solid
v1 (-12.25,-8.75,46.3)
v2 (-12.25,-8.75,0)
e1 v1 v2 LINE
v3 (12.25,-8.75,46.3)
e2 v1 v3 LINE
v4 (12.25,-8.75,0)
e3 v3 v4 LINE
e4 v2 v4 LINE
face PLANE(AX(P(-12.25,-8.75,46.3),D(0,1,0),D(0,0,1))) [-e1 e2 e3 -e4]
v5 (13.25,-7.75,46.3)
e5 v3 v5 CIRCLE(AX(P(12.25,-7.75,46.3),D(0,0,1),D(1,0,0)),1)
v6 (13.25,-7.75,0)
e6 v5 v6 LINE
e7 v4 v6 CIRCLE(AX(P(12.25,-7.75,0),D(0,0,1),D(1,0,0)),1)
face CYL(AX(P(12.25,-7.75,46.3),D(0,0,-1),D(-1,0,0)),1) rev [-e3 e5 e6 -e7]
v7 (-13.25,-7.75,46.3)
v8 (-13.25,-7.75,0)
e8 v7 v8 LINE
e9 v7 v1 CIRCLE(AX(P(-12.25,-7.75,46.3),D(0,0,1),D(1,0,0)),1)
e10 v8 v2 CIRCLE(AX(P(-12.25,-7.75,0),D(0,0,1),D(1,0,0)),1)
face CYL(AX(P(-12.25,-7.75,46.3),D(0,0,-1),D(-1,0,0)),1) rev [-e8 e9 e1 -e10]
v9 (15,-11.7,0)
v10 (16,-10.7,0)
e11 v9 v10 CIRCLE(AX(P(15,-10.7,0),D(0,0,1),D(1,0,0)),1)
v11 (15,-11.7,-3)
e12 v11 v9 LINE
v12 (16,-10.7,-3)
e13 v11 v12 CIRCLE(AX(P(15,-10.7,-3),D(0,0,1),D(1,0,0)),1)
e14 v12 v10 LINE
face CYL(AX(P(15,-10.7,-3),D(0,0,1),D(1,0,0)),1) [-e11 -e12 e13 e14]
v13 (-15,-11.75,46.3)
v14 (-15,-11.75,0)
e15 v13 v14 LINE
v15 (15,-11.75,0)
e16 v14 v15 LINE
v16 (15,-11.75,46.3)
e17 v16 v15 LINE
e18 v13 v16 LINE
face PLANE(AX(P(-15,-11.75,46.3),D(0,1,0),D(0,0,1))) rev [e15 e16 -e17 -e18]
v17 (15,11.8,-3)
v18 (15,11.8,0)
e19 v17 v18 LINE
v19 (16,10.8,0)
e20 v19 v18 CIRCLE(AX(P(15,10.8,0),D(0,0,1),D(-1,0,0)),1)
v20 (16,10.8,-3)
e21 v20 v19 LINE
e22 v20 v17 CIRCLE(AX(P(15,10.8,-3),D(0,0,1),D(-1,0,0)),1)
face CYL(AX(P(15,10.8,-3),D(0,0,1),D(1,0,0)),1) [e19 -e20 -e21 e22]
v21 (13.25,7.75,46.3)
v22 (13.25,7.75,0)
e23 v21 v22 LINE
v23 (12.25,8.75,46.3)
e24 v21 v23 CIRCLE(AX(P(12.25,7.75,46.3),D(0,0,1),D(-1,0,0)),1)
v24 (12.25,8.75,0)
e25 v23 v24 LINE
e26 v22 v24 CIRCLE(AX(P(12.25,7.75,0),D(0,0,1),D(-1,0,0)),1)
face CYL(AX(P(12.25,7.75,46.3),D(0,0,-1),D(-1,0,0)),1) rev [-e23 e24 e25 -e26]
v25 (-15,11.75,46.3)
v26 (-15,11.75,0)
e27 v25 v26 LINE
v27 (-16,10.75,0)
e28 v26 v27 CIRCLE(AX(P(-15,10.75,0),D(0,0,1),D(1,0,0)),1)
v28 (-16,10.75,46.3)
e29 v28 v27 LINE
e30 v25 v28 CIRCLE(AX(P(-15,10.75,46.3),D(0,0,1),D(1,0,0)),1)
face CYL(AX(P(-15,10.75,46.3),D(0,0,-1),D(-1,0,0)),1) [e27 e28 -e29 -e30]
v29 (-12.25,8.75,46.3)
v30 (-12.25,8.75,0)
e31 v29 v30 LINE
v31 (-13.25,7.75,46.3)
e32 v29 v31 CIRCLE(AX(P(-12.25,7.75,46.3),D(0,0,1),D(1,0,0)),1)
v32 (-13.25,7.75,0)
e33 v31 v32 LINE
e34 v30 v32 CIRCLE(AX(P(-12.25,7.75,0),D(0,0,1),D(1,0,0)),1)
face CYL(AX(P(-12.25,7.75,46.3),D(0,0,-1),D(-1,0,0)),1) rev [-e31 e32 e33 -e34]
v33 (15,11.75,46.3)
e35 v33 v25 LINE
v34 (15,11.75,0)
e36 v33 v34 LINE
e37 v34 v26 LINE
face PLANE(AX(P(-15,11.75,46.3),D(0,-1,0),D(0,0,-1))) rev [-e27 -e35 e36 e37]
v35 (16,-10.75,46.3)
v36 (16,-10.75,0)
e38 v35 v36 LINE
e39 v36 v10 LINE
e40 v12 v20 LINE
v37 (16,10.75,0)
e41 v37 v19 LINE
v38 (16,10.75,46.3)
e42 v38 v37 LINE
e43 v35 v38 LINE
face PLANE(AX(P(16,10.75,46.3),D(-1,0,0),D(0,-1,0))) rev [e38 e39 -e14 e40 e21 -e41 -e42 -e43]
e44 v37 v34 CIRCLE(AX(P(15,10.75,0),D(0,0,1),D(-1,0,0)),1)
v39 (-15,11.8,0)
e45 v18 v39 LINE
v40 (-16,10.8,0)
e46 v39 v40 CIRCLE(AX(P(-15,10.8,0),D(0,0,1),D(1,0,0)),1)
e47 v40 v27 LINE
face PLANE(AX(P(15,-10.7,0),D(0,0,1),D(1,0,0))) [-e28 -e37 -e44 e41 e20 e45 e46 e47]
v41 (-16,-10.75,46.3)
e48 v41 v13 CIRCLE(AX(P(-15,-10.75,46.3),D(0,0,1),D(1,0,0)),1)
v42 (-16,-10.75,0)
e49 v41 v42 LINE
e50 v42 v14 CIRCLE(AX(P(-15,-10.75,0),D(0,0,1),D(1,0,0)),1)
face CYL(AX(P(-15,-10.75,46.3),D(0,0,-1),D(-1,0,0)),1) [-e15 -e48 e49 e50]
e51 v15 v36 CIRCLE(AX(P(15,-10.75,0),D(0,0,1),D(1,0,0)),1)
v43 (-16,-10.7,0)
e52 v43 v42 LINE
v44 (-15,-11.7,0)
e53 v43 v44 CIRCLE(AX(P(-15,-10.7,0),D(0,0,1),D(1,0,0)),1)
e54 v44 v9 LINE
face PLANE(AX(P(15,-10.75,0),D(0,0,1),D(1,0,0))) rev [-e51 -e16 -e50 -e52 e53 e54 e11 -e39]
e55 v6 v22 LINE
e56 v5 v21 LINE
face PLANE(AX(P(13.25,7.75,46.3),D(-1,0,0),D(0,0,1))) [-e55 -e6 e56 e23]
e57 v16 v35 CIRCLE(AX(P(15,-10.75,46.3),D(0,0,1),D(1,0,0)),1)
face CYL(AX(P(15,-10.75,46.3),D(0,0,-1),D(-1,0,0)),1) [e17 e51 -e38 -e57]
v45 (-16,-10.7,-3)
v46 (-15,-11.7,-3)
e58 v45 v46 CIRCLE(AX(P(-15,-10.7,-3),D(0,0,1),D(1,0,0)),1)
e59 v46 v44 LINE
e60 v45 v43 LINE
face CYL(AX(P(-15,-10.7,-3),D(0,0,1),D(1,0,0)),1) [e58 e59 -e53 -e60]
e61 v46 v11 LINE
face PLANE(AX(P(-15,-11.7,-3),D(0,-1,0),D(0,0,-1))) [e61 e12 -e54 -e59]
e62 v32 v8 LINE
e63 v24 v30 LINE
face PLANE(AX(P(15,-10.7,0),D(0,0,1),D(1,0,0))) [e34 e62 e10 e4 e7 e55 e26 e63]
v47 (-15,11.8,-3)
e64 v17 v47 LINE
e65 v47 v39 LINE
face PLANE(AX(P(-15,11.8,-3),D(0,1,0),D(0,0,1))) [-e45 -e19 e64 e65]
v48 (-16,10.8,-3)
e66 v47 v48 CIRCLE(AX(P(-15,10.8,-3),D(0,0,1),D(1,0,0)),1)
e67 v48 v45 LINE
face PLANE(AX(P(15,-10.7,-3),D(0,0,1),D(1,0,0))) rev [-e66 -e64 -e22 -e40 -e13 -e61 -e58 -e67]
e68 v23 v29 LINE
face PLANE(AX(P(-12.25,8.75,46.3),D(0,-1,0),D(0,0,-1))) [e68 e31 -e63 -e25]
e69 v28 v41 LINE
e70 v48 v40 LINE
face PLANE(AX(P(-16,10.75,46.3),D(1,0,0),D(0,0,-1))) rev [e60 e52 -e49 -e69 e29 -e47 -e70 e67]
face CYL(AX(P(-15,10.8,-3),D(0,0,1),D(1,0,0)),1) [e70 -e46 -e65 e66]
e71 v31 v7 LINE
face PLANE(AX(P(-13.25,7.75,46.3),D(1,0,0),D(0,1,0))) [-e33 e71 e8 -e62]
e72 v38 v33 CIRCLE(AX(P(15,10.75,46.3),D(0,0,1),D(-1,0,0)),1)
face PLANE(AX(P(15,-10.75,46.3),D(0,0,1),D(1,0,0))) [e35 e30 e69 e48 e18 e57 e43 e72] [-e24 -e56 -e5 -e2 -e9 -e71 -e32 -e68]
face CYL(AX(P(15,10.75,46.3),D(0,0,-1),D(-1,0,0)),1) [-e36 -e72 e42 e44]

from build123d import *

# Parameters (mm, degrees)
BOSS_EXTRUDE1_DEPTH = 46.3
BOSS_EXTRUDE2_DEPTH = 3


with BuildPart() as part:
    # Sketch1 → Boss-Extrude1 (new body)
    with BuildSketch(Plane.XY):
        with BuildLine():
            Line((-15, 11.75), (15, 11.75))
            ThreePointArc((15, 11.75), (15.707106781, 11.457106781), (16, 10.75))
            Line((16, 10.75), (16, -10.75))
            ThreePointArc((16, -10.75), (15.707106781, -11.457106781), (15, -11.75))
            Line((15, -11.75), (-15, -11.75))
            ThreePointArc((-15, -11.75), (-15.707106781, -11.457106781), (-16, -10.75))
            Line((-16, -10.75), (-16, 10.75))
            ThreePointArc((-16, 10.75), (-15.707106781, 11.457106781), (-15, 11.75))
        make_face()
        with BuildLine():
            Line((-12.25, 8.75), (12.25, 8.75))
            ThreePointArc((12.25, 8.75), (12.957106781, 8.457106781), (13.25, 7.75))
            Line((13.25, 7.75), (13.25, -7.75))
            ThreePointArc((13.25, -7.75), (12.957106781, -8.457106781), (12.25, -8.75))
            Line((12.25, -8.75), (-12.25, -8.75))
            ThreePointArc((-12.25, -8.75), (-12.957106781, -8.457106781), (-13.25, -7.75))
            Line((-13.25, -7.75), (-13.25, 7.75))
            ThreePointArc((-13.25, 7.75), (-12.957106781, 8.457106781), (-12.25, 8.75))
        make_face(mode=Mode.SUBTRACT)
    extrude(amount=BOSS_EXTRUDE1_DEPTH)

    # Sketch3 → Boss-Extrude2 (add)
    with BuildSketch(Plane.XY):
        with BuildLine():
            Line((-15, 11.8), (15, 11.8))
            ThreePointArc((15, 11.8), (15.707106781, 11.507106781), (16, 10.8))
            Line((16, 10.8), (16, -10.7))
            ThreePointArc((16, -10.7), (15.707106781, -11.407106781), (15, -11.7))
            Line((15, -11.7), (-15, -11.7))
            ThreePointArc((-15, -11.7), (-15.707106781, -11.407106781), (-16, -10.7))
            Line((-16, -10.7), (-16, 10.8))
            ThreePointArc((-16, 10.8), (-15.707106781, 11.507106781), (-15, 11.8))
        make_face()
    extrude(amount=-BOSS_EXTRUDE2_DEPTH)


solid = part.part
